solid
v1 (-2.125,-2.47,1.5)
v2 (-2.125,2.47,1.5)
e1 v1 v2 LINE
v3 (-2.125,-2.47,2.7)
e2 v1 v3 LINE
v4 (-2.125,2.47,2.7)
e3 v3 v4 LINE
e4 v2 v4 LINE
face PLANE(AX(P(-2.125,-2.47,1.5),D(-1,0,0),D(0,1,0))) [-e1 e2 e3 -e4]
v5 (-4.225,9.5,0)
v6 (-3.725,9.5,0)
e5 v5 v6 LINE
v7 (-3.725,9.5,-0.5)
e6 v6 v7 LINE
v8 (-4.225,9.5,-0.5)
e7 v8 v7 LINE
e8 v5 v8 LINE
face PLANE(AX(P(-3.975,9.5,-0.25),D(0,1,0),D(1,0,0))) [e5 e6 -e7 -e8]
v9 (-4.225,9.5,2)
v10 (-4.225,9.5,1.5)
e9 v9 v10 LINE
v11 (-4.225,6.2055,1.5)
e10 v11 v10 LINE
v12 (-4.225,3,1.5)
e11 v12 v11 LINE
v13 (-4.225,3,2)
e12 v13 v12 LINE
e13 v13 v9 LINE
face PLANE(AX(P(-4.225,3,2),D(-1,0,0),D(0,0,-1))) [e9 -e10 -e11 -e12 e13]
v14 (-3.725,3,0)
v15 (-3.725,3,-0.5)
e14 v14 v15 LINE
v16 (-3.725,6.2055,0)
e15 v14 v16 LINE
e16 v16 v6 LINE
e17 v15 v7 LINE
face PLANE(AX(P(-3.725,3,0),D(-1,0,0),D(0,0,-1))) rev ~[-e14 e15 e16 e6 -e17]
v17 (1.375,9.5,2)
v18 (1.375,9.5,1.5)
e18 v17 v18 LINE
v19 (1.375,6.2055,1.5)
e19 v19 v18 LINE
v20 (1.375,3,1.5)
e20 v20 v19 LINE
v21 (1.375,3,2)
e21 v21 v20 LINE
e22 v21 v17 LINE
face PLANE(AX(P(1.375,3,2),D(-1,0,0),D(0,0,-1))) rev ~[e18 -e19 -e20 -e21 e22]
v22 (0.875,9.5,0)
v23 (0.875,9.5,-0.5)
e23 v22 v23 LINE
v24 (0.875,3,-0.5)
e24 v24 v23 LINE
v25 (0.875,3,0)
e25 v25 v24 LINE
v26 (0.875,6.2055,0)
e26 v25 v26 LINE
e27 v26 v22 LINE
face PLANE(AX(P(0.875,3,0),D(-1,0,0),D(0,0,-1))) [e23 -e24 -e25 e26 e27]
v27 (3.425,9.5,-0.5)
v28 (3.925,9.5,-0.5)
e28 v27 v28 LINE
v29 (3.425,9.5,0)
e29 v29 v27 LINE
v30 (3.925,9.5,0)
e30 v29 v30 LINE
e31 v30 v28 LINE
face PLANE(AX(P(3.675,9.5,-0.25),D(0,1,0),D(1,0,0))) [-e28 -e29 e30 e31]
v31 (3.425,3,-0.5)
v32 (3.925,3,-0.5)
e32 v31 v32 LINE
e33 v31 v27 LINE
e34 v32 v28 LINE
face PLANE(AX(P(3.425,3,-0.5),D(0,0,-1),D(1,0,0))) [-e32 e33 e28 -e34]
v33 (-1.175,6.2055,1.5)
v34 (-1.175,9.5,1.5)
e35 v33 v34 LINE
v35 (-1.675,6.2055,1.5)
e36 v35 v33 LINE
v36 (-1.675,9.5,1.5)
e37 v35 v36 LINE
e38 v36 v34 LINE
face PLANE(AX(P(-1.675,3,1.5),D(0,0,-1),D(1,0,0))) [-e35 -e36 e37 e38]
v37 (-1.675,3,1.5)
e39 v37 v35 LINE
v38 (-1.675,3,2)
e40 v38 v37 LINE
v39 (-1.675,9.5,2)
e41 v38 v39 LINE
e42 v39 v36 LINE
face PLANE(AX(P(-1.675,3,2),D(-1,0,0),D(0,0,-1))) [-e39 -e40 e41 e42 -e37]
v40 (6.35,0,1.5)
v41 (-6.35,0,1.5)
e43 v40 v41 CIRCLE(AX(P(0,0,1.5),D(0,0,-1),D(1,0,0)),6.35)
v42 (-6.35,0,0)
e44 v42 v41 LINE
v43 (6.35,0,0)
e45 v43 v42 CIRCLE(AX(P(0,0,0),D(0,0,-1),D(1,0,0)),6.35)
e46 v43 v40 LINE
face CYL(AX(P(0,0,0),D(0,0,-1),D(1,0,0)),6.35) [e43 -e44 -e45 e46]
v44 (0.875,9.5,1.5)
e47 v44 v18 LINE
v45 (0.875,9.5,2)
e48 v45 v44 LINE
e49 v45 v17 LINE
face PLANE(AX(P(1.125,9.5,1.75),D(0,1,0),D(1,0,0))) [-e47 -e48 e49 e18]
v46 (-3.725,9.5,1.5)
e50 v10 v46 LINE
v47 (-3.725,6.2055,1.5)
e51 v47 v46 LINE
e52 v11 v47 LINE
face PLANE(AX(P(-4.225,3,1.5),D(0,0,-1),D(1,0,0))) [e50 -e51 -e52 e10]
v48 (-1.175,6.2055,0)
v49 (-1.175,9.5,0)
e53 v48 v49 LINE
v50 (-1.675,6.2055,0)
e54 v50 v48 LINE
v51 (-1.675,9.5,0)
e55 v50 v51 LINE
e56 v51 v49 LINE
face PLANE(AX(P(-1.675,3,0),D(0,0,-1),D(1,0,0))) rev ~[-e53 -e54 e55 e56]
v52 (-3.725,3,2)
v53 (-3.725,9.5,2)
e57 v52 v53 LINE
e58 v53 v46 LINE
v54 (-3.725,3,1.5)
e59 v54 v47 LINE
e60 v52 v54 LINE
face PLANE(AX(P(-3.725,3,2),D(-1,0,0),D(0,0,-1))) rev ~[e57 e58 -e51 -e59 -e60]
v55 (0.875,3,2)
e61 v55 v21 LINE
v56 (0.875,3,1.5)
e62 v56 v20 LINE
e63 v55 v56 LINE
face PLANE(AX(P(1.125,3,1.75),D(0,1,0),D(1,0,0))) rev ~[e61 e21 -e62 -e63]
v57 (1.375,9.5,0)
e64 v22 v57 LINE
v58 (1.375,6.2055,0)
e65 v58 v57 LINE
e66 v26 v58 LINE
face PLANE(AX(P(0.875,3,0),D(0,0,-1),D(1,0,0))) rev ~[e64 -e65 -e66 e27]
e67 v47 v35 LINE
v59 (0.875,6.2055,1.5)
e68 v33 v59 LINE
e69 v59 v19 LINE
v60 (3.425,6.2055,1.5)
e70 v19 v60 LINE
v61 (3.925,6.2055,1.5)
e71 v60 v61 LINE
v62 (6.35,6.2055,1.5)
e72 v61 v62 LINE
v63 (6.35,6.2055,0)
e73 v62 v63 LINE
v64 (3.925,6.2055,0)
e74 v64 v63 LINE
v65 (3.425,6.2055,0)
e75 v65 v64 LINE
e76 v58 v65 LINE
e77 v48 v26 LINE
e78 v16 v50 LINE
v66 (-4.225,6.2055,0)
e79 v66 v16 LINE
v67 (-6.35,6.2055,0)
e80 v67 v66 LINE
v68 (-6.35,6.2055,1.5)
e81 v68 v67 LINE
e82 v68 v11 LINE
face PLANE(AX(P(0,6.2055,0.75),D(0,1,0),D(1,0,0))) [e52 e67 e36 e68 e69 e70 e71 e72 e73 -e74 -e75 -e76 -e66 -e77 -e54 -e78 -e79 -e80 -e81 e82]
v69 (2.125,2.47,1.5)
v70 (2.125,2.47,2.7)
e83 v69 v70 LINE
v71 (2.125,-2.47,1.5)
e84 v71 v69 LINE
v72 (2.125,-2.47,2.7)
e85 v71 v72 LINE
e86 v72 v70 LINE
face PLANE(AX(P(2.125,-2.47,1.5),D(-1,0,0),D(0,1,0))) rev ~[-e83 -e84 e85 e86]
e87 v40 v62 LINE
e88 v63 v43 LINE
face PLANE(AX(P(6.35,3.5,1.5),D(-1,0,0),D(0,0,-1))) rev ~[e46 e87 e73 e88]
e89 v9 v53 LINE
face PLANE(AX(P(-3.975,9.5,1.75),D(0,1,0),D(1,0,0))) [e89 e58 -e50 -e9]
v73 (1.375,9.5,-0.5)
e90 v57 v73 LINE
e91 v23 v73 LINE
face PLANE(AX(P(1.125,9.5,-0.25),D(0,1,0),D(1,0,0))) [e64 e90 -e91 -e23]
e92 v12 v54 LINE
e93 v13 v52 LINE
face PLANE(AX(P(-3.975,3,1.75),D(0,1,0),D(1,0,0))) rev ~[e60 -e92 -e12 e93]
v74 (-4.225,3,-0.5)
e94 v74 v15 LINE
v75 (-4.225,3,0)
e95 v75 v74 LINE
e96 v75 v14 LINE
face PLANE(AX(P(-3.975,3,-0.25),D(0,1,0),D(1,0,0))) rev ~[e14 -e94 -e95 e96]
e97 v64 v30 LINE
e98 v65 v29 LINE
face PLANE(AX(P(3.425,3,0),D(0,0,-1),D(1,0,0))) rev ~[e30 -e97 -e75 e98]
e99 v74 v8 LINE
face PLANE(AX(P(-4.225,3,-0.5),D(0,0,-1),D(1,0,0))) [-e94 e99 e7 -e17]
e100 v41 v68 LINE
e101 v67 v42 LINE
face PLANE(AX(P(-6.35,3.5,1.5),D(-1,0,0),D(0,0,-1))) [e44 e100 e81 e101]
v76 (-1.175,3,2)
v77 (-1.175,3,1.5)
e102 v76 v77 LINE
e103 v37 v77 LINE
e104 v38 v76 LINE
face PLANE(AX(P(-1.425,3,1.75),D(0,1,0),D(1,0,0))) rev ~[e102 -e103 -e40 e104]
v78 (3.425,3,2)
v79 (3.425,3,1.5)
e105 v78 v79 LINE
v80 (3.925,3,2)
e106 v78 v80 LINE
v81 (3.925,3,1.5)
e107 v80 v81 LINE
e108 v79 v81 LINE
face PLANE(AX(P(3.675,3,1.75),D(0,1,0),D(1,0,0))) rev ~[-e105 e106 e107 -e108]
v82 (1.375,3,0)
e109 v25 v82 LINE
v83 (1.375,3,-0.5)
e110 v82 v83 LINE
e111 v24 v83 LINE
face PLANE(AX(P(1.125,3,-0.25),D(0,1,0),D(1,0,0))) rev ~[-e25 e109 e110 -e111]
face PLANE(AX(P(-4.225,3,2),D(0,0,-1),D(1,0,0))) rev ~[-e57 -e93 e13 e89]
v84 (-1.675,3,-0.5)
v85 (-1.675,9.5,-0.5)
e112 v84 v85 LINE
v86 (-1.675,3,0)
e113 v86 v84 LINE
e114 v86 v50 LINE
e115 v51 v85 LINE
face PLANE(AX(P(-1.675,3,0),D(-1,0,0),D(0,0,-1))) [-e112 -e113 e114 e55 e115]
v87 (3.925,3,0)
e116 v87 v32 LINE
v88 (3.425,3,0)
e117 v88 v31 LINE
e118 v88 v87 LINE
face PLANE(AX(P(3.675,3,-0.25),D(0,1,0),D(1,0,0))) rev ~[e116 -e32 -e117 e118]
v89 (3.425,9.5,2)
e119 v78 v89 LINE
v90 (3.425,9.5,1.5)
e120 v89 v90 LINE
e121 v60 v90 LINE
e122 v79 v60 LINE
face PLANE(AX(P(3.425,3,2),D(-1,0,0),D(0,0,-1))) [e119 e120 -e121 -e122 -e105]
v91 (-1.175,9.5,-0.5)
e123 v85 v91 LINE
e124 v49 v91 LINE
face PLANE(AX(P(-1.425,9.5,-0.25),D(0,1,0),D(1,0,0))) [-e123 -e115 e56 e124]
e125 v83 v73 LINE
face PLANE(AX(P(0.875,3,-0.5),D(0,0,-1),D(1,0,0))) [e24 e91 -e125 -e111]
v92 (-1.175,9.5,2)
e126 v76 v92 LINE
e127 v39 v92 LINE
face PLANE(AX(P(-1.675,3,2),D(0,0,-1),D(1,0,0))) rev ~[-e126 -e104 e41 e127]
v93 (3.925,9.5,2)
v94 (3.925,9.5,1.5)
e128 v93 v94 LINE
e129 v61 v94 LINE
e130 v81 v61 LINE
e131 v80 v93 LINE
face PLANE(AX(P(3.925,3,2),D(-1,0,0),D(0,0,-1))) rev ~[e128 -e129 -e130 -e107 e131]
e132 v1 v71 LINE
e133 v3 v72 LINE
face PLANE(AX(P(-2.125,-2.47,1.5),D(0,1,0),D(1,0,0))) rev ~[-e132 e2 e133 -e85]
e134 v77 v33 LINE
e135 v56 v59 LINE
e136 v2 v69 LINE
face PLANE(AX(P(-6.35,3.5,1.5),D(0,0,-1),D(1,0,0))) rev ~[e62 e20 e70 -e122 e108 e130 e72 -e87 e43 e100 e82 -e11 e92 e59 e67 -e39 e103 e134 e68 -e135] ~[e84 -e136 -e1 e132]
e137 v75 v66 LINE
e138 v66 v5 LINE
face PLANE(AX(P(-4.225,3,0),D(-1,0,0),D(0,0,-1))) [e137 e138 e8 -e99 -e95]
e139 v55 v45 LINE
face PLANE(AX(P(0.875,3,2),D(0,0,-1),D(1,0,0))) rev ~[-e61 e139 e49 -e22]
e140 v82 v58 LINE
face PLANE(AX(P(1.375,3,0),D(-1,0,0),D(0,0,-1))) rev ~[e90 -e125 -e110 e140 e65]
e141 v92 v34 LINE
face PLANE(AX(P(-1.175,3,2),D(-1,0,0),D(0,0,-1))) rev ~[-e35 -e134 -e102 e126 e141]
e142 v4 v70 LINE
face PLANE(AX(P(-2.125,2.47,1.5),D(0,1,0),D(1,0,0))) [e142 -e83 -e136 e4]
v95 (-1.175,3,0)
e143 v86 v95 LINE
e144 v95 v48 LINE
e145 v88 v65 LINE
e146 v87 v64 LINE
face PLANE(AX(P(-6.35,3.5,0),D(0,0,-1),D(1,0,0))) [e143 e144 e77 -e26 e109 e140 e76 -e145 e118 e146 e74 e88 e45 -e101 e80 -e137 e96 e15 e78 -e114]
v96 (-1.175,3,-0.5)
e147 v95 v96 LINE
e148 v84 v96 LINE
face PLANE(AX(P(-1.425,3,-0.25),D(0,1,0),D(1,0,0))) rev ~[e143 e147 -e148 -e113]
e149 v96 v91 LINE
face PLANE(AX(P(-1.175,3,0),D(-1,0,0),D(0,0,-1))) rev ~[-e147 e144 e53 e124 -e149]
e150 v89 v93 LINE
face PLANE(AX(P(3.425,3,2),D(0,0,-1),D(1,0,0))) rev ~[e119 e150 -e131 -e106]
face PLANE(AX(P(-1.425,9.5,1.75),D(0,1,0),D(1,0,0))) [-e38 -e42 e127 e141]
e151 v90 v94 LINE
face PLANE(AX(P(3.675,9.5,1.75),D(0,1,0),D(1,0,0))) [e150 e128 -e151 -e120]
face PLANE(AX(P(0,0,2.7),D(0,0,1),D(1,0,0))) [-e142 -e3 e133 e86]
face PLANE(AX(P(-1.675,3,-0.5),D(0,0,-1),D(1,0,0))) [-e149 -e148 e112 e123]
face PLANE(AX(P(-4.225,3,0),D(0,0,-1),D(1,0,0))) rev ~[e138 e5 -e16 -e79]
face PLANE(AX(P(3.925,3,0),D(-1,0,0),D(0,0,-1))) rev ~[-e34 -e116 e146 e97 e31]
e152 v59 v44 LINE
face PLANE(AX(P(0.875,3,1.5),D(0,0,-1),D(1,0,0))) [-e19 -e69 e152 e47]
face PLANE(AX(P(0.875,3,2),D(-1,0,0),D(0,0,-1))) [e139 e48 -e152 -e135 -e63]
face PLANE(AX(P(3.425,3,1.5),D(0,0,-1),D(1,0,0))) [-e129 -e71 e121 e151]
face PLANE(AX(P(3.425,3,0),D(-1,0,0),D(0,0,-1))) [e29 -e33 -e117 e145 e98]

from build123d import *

# Parameters (mm, degrees)
P_IDAT_VYSUNUT_M1_DEPTH  = 1.5
P_IDAT_START             = 1.5
SKICA1_3_W               = 4.25
SKICA1_3_H               = 4.94
P_IDAT_VYSUNUT_M2_DEPTH  = 1.2
SKICA3_W                 = 12.7
SKICA3_H                 = 1.5
ODEBRAT_VYSUNUT_M1_DEPTH = 3.5
SKICA4_W                 = 12.7
SKICA4_H                 = 1.5
ODEBRAT_VYSUNUT_M2_DEPTH = 5.5
SKICA7_W                 = 12.7
SKICA7_H                 = 1.5
P_IDAT_VYSUNUT_M5_DEPTH  = 2.7055
P_IDAT_START_2           = 3
SKICA15_W                = 0.5
SKICA15_H                = 0.5
P_IDAT_VYSUNUT_M14_DEPTH = 6.5
LINPOLE3_COUNT           = 4
LINPOLE3_PITCH           = 2.55
LINPOLE4_COUNT           = 2
LINPOLE4_PITCH           = 2
LINPOLE4_START           = 3
LINPOLE4_COPY_1_SKETCH_W = 0.5
LINPOLE4_COPY_1_SKETCH_H = 0.5
LINPOLE4_COPY_1_DEPTH    = 6.5
LINPOLE4_COPY_2_SKETCH_W = 0.5
LINPOLE4_COPY_2_SKETCH_H = 0.5
LINPOLE4_COPY_2_DEPTH    = 6.5
LINPOLE4_COPY_3_SKETCH_W = 0.5
LINPOLE4_COPY_3_SKETCH_H = 0.5
LINPOLE4_COPY_3_DEPTH    = 6.5


with BuildPart() as part:
    # Skica1 → Přidat vysunutím1 (new body)
    with BuildSketch(Plane.XY):
        with BuildLine():
            Line((-6.35, 0), (-6.35, 12.5))
            Line((-6.35, 12.5), (6.35, 12.5))
            Line((6.35, 12.5), (6.35, 0))
            ThreePointArc((6.35, 0), (0, -6.35), (-6.35, 0))
        make_face()
    extrude(amount=P_IDAT_VYSUNUT_M1_DEPTH)

    # Skica1<3> → Přidat vysunutím2 (add)
    with BuildSketch(Plane.XY.offset(P_IDAT_START)):
        Rectangle(SKICA1_3_W, SKICA1_3_H)
    extrude(amount=P_IDAT_VYSUNUT_M2_DEPTH)

    # Skica3 → Odebrat vysunutím1 (cut)
    with BuildSketch(Plane(origin=(0, 12.5, 0), x_dir=(1, 0, 0), z_dir=(0, 1, 0))):
        with Locations((0, -0.75)):
            Rectangle(SKICA3_W, SKICA3_H)
    extrude(amount=-ODEBRAT_VYSUNUT_M1_DEPTH, mode=Mode.SUBTRACT)

    # Skica4 → Odebrat vysunutím2 (cut)
    with BuildSketch(Plane(origin=(0, 9, 0), x_dir=(1, 0, 0), z_dir=(0, 1, 0))):
        with Locations((0, -0.75)):
            Rectangle(SKICA4_W, SKICA4_H)
    extrude(amount=-ODEBRAT_VYSUNUT_M2_DEPTH, mode=Mode.SUBTRACT)

    # Skica7 → Přidat vysunutím5 (add)
    with BuildSketch(Plane(origin=(0, 3.5, 0), x_dir=(1, 0, 0), z_dir=(0, 1, 0))):
        with Locations((0, -0.75)):
            Rectangle(SKICA7_W, SKICA7_H)
    extrude(amount=P_IDAT_VYSUNUT_M5_DEPTH)

    # Skica15 → Přidat vysunutím14 (add)
    with BuildSketch(Plane(origin=(0, 0, 0), x_dir=(1, 0, 0), z_dir=(0, 1, 0)).offset(P_IDAT_START_2)):
        with Locations((-3.975, -1.75)):
            Rectangle(SKICA15_W, SKICA15_H)
    p_idat_vysunut_m14 = extrude(amount=P_IDAT_VYSUNUT_M14_DEPTH)

    # LinPole3: Přidat vysunutím14 ×4
    with Locations(*[(i * LINPOLE3_PITCH, 0, 0) for i in range(1, LINPOLE3_COUNT)]):
        add(p_idat_vysunut_m14)

    # LinPole4: Přidat vysunutím14 ×2
    with Locations(*[(0, 0, -i * LINPOLE4_PITCH) for i in range(1, LINPOLE4_COUNT)]):
        add(p_idat_vysunut_m14)

    # LinPole4 copy 1 sketch → LinPole4 copy 1 (add)
    with BuildSketch(Plane(origin=(2.55, 0, -2), x_dir=(1, 0, 0), z_dir=(0, 1, 0)).offset(LINPOLE4_START)):
        with Locations((-3.975, -1.75)):
            Rectangle(LINPOLE4_COPY_1_SKETCH_W, LINPOLE4_COPY_1_SKETCH_H)
    extrude(amount=LINPOLE4_COPY_1_DEPTH)

    # LinPole4 copy 2 sketch → LinPole4 copy 2 (add)
    with BuildSketch(Plane(origin=(5.1, 0, -2), x_dir=(1, 0, 0), z_dir=(0, 1, 0)).offset(LINPOLE4_START)):
        with Locations((-3.975, -1.75)):
            Rectangle(LINPOLE4_COPY_2_SKETCH_W, LINPOLE4_COPY_2_SKETCH_H)
    extrude(amount=LINPOLE4_COPY_2_DEPTH)

    # LinPole4 copy 3 sketch → LinPole4 copy 3 (add)
    with BuildSketch(Plane(origin=(7.65, 0, -2), x_dir=(1, 0, 0), z_dir=(0, 1, 0)).offset(LINPOLE4_START)):
        with Locations((-3.975, -1.75)):
            Rectangle(LINPOLE4_COPY_3_SKETCH_W, LINPOLE4_COPY_3_SKETCH_H)
    extrude(amount=LINPOLE4_COPY_3_DEPTH)


solid = part.part
